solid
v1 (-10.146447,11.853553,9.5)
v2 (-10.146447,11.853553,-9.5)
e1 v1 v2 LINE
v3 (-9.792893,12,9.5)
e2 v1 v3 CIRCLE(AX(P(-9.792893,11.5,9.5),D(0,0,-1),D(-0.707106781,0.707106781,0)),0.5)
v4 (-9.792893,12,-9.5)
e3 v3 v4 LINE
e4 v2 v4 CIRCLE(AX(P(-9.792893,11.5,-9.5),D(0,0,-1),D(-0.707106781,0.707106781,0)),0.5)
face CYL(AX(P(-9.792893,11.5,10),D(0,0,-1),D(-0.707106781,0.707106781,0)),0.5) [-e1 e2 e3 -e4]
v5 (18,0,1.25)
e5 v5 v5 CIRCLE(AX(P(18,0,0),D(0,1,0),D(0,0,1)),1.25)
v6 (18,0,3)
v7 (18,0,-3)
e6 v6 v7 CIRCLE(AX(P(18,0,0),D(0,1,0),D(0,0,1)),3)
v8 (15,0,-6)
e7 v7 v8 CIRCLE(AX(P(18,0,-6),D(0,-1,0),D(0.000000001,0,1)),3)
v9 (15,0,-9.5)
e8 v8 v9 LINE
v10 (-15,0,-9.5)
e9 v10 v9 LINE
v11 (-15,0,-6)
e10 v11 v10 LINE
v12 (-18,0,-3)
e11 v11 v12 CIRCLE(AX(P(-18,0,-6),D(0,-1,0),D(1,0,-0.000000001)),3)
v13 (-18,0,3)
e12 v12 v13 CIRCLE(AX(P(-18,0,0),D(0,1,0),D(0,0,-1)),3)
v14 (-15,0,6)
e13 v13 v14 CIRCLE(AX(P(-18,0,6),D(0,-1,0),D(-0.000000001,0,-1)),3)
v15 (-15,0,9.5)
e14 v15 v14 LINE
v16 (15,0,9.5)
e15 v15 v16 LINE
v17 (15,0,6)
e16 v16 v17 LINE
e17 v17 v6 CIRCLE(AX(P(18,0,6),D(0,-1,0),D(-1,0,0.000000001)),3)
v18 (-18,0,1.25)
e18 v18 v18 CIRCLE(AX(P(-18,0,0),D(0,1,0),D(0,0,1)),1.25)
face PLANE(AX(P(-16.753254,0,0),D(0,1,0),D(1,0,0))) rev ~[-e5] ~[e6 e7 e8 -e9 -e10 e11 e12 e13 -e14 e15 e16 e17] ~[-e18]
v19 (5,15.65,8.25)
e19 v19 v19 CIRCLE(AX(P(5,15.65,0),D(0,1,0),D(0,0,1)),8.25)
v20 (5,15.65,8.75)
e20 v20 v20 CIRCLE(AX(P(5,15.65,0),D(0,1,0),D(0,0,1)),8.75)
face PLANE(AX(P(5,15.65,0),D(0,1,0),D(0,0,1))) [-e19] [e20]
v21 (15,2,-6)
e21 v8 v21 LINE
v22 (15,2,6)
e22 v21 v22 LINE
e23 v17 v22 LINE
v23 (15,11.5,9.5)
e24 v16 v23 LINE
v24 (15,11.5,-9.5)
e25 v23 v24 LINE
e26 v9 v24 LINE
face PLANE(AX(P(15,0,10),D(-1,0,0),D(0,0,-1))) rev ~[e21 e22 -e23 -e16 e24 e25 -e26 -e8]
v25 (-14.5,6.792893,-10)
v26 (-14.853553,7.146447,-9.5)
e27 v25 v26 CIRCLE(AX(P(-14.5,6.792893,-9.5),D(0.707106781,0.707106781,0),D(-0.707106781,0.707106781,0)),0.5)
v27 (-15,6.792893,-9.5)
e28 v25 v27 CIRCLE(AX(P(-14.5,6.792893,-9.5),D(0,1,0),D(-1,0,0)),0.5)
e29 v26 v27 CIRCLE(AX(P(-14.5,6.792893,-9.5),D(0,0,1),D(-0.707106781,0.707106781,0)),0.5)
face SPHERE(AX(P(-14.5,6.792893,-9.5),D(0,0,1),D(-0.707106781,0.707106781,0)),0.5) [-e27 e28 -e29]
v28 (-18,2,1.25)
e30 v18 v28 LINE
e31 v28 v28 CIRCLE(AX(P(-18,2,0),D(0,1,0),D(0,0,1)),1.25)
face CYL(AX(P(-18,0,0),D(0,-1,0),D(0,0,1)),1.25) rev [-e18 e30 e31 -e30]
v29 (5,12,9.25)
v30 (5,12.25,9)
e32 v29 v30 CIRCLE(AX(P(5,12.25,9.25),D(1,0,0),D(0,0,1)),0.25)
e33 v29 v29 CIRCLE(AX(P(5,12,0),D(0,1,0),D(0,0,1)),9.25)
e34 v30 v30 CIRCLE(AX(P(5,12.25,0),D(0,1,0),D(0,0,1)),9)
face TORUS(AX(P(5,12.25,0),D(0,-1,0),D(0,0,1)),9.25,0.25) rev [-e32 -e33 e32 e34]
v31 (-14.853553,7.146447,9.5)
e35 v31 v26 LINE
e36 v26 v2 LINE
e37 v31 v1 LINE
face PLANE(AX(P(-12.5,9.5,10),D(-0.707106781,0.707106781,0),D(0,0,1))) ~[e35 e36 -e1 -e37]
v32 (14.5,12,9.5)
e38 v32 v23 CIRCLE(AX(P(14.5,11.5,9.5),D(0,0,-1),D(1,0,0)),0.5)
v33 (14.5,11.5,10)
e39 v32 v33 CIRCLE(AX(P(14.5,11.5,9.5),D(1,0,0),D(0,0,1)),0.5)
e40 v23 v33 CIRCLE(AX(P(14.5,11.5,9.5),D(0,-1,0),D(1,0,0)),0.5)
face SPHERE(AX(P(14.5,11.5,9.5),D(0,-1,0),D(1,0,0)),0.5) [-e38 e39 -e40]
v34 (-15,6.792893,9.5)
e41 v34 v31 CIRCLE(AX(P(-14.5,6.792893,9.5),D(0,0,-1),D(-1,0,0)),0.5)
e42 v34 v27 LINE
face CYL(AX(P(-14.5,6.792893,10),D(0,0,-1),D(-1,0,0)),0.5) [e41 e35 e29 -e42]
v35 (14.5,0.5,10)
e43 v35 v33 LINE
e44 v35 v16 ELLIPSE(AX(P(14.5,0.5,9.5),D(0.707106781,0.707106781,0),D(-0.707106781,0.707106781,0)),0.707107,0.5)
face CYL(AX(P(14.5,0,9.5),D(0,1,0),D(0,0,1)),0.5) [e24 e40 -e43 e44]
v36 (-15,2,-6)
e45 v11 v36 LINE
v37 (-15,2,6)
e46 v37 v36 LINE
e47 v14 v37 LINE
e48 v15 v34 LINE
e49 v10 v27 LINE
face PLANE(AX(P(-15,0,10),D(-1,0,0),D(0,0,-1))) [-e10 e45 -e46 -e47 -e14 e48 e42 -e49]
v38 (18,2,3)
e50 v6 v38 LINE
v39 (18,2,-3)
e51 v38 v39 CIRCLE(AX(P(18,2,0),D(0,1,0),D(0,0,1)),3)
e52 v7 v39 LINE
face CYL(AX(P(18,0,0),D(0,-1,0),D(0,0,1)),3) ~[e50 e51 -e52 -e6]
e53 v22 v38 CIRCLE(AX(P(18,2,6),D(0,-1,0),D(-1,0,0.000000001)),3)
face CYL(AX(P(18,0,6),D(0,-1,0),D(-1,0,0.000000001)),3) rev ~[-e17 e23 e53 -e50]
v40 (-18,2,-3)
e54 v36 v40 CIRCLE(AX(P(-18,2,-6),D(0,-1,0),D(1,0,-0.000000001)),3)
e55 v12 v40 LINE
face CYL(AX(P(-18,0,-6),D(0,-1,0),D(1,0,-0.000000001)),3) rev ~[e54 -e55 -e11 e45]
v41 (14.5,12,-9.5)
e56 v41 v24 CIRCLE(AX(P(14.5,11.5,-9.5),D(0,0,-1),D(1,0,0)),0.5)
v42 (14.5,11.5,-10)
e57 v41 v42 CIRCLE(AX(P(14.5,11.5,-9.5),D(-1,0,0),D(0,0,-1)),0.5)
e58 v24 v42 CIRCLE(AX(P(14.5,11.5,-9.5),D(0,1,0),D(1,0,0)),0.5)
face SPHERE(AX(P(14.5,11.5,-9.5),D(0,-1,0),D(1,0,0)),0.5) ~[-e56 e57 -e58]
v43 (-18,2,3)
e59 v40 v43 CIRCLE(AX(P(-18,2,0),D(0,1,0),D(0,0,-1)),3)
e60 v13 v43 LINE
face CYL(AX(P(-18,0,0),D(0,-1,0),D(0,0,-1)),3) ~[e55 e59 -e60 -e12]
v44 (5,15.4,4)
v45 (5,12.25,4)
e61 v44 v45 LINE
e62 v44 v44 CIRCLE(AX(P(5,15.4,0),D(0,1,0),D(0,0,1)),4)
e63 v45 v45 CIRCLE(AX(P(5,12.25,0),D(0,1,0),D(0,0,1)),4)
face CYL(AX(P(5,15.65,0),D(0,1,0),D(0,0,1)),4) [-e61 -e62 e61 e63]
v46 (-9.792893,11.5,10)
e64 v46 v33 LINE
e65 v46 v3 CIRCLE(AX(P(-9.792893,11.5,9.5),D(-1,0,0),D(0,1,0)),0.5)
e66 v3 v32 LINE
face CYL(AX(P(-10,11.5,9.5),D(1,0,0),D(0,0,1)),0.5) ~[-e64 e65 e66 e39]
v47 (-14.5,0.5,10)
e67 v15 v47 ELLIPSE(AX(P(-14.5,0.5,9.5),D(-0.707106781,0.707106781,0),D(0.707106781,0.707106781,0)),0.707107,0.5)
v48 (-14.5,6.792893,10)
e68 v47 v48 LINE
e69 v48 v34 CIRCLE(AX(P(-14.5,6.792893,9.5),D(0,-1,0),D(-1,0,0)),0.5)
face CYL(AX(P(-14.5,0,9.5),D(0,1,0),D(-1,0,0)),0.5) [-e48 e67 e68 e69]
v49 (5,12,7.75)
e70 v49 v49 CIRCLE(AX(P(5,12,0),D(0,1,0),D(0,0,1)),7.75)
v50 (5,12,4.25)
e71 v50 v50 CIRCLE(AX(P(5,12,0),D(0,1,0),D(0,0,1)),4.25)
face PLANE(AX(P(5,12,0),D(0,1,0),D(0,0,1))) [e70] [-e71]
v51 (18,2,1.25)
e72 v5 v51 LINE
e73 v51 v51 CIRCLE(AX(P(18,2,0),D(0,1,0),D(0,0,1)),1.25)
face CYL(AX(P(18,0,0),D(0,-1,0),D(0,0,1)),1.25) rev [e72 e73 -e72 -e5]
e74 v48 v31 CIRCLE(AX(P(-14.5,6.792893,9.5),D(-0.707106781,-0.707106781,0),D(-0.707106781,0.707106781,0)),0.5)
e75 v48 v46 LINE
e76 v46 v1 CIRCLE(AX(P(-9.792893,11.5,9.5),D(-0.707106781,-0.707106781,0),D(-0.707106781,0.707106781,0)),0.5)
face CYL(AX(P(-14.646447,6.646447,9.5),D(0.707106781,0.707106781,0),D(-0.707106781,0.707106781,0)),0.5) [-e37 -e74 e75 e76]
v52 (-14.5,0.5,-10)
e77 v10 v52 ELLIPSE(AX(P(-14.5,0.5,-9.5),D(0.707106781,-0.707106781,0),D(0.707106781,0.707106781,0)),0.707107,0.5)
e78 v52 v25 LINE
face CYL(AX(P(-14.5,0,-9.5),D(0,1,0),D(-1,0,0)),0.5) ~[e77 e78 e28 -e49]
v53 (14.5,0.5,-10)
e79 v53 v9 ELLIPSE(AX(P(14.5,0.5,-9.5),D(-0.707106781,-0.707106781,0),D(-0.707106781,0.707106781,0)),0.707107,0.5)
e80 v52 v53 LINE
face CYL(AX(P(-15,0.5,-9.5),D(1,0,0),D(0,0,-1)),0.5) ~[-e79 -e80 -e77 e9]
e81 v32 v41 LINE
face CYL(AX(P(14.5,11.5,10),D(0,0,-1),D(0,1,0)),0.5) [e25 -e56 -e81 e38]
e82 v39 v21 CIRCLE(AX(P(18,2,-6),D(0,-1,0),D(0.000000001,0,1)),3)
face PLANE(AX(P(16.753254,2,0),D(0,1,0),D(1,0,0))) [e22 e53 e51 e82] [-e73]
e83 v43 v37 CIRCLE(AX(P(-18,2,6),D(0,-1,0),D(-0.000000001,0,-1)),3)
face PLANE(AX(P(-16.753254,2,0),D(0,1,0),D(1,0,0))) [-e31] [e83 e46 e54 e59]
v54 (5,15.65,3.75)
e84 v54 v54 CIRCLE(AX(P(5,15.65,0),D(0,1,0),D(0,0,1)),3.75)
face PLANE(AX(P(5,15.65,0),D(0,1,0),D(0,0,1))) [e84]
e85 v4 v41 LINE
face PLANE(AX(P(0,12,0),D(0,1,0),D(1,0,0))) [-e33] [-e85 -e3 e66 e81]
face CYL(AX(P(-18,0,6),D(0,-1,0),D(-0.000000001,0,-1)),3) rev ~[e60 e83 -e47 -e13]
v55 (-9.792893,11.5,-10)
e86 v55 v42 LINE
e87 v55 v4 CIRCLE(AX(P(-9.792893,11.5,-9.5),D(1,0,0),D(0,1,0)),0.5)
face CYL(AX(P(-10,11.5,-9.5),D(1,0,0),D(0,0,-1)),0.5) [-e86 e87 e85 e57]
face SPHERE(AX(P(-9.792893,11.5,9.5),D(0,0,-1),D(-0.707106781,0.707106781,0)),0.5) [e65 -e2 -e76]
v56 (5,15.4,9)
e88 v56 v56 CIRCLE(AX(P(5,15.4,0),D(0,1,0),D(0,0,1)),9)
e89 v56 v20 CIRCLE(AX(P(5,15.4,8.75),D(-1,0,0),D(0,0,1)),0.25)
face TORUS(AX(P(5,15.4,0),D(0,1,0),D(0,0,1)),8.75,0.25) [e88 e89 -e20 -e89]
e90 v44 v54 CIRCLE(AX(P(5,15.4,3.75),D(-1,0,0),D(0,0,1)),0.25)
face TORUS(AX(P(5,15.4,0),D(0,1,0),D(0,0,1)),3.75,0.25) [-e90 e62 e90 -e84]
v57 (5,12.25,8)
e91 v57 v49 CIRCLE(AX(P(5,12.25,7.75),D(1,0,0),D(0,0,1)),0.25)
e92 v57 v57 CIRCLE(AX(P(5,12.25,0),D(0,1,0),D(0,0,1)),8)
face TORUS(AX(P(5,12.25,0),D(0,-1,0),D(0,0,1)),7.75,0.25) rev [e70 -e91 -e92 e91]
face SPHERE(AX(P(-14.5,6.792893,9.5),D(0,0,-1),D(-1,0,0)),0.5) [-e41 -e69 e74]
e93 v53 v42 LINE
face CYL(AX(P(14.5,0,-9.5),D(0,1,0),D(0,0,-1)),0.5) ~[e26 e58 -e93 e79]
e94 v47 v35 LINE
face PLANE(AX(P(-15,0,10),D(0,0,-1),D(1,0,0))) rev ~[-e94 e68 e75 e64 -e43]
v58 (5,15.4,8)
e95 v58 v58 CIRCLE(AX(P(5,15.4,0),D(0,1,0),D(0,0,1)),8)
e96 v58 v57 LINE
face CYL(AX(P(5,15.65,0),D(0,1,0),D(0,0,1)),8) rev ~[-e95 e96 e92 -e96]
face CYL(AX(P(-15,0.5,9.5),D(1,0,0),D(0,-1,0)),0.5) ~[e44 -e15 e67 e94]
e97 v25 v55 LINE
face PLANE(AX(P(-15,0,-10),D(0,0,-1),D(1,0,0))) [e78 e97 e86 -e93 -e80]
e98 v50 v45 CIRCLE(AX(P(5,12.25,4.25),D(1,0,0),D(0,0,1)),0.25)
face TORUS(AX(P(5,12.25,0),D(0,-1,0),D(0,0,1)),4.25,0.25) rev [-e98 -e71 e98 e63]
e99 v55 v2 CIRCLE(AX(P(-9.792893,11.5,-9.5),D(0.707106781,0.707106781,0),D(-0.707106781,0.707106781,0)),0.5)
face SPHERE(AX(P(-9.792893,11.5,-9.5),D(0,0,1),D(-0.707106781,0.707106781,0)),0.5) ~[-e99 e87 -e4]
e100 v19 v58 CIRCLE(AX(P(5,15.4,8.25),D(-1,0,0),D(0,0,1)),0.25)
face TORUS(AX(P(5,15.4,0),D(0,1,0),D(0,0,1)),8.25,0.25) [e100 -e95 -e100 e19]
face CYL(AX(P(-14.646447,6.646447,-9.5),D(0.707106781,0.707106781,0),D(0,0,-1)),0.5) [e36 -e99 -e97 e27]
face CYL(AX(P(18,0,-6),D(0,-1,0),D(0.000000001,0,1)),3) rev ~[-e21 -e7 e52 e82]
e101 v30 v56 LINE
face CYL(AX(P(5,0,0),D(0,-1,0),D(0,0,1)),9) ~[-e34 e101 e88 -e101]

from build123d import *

# Parameters (mm, degrees)
ESBO_O1_W                = 30
ESBO_O1_H                = 20
ESBO_O1_R                = 9
RESSALTO_EXTRUS_O1_DEPTH = 12
ESBO_O1_3_R              = 9
ESBO_O1_3_R_2            = 8
ESBO_O1_3_R_3            = 4
RESSALTO_EXTRUS_O2_DEPTH = 15.65
ESBO_O1_4_R              = 1.25
RESSALTO_EXTRUS_O3_DEPTH = 2
ESBO_O1_5_R              = 1.25
CORTE_EXTRUS_O1_DEPTH    = 2
CORTE_EXTRUS_O2_START    = 15.65
ESBO_O1_6_R              = 8
ESBO_O1_6_R_2            = 4
CORTE_EXTRUS_O2_DEPTH    = 3.65
CHANFRO1_SIZE            = 5
FILETE1_R                = 0.5
FILETE2_R                = 0.25


with BuildPart() as part:
    # Esboço1 → Ressalto-extrusão1 (new body)
    with BuildSketch(Plane(origin=(0, 0, 0), x_dir=(1, 0, 0), z_dir=(0, 1, 0))):
        Rectangle(ESBO_O1_W, ESBO_O1_H)
        with Locations(Location((5, 0, 0), (0, 0, 270))):
            Circle(ESBO_O1_R, mode=Mode.SUBTRACT)
    extrude(amount=RESSALTO_EXTRUS_O1_DEPTH)

    # Esboço1<3> → Ressalto-extrusão2 (add)
    # profile 1 of 3: a face of its own
    with BuildSketch(Plane(origin=(0, 0, 0), x_dir=(1, 0, 0), z_dir=(0, 1, 0))):
        with Locations(Location((5, 0, 0), (0, 0, 270))):
            Circle(ESBO_O1_3_R)
        with Locations((5, 0)):
            Circle(ESBO_O1_3_R_2, mode=Mode.SUBTRACT)
    # profile 2 of 3: a face of its own
    with BuildSketch(Plane(origin=(0, 0, 0), x_dir=(1, 0, 0), z_dir=(0, 1, 0))):
        with Locations((5, 0)):
            Circle(ESBO_O1_3_R_2)
        with Locations((5, 0)):
            Circle(ESBO_O1_3_R_3, mode=Mode.SUBTRACT)
    # profile 3 of 3: a face of its own
    with BuildSketch(Plane(origin=(0, 0, 0), x_dir=(1, 0, 0), z_dir=(0, 1, 0))):
        with Locations((5, 0)):
            Circle(ESBO_O1_3_R_3)
    extrude(amount=RESSALTO_EXTRUS_O2_DEPTH)

    # Esboço1<4> → Ressalto-extrusão3 (add)
    # profile 1 of 4: a face of its own
    with BuildSketch(Plane(origin=(0, 0, 0), x_dir=(1, 0, 0), z_dir=(0, 1, 0))):
        with BuildLine():
            Line((-15, -6), (-15, 6))
            ThreePointArc((-15, 6), (-15.878679656, 3.878679656), (-18, 3))
            ThreePointArc((-18, 3), (-21, 0), (-18, -3))
            ThreePointArc((-18, -3), (-15.878679656, -3.878679656), (-15, -6))
        make_face()
        with Locations((-18, 0)):
            Circle(ESBO_O1_4_R, mode=Mode.SUBTRACT)
    # profile 2 of 4: a face of its own
    with BuildSketch(Plane(origin=(0, 0, 0), x_dir=(1, 0, 0), z_dir=(0, 1, 0))):
        with Locations((-18, 0)):
            Circle(ESBO_O1_4_R)
    # profile 3 of 4: a face of its own
    with BuildSketch(Plane(origin=(0, 0, 0), x_dir=(1, 0, 0), z_dir=(0, 1, 0))):
        with BuildLine():
            ThreePointArc((18, 3), (15.878679656, 3.878679656), (15, 6))
            Line((15, 6), (15, -6))
            ThreePointArc((15, -6), (15.878679656, -3.878679656), (18, -3))
            ThreePointArc((18, -3), (21, 0), (18, 3))
        make_face()
        with Locations((18, 0)):
            Circle(ESBO_O1_4_R, mode=Mode.SUBTRACT)
    # profile 4 of 4: a face of its own
    with BuildSketch(Plane(origin=(0, 0, 0), x_dir=(1, 0, 0), z_dir=(0, 1, 0))):
        with Locations((18, 0)):
            Circle(ESBO_O1_4_R)
    extrude(amount=RESSALTO_EXTRUS_O3_DEPTH)

    # Esboço1<5> → Corte-extrusão1 (cut)
    with BuildSketch(Plane(origin=(0, 0, 0), x_dir=(1, 0, 0), z_dir=(0, 1, 0))):
        with Locations(Location((18, 0, 0), (0, 0, 270))):
            Circle(ESBO_O1_5_R)
        with Locations(Location((-18, 0, 0), (0, 0, 270))):
            Circle(ESBO_O1_5_R)
    extrude(amount=CORTE_EXTRUS_O1_DEPTH, mode=Mode.SUBTRACT)

    # Esboço1<6> → Corte-extrusão2 (cut)
    with BuildSketch(Plane(origin=(0, 0, 0), x_dir=(1, 0, 0), z_dir=(0, 1, 0)).offset(CORTE_EXTRUS_O2_START)):
        with Locations(Location((5, 0, 0), (0, 0, 270))):
            Circle(ESBO_O1_6_R)
        with Locations(Location((5, 0, 0), (0, 0, 270))):
            Circle(ESBO_O1_6_R_2, mode=Mode.SUBTRACT)
    extrude(amount=-CORTE_EXTRUS_O2_DEPTH, mode=Mode.SUBTRACT)

    # Chanfro1
    chanfro1_edges = [part.edges().sort_by_distance(p)[0] for p in [
        (-15, 12, 0),
    ]]
    chamfer(chanfro1_edges, length=CHANFRO1_SIZE)

    # Filete1
    filete1_edges = [part.edges().sort_by_distance(p)[0] for p in [
        (15, 6, 10),
        (15, 6, -10),
        (15, 12, 0),
        (2.5, 12, -10),
        (2.5, 12, 10),
        (-10, 12, 0),
        (-15, 3.5, 10),
        (-12.5, 9.5, 10),
        (-15, 3.5, -10),
        (-15, 7, 0),
        (-12.5, 9.5, -10),
        (0, 0, 10),
        (0, 0, -10),
    ]]
    fillet(filete1_edges, radius=FILETE1_R)

    # Filete2
    filete2_edges = [part.edges().sort_by_distance(p)[0] for p in [
        (5, 15.65, -9),
        (5, 12, -8),
        (5, 12, -4),
        (5, 15.65, -8),
        (5, 15.65, -4),
        (5, 12, -9),
    ]]
    fillet(filete2_edges, radius=FILETE2_R)


solid = part.part
